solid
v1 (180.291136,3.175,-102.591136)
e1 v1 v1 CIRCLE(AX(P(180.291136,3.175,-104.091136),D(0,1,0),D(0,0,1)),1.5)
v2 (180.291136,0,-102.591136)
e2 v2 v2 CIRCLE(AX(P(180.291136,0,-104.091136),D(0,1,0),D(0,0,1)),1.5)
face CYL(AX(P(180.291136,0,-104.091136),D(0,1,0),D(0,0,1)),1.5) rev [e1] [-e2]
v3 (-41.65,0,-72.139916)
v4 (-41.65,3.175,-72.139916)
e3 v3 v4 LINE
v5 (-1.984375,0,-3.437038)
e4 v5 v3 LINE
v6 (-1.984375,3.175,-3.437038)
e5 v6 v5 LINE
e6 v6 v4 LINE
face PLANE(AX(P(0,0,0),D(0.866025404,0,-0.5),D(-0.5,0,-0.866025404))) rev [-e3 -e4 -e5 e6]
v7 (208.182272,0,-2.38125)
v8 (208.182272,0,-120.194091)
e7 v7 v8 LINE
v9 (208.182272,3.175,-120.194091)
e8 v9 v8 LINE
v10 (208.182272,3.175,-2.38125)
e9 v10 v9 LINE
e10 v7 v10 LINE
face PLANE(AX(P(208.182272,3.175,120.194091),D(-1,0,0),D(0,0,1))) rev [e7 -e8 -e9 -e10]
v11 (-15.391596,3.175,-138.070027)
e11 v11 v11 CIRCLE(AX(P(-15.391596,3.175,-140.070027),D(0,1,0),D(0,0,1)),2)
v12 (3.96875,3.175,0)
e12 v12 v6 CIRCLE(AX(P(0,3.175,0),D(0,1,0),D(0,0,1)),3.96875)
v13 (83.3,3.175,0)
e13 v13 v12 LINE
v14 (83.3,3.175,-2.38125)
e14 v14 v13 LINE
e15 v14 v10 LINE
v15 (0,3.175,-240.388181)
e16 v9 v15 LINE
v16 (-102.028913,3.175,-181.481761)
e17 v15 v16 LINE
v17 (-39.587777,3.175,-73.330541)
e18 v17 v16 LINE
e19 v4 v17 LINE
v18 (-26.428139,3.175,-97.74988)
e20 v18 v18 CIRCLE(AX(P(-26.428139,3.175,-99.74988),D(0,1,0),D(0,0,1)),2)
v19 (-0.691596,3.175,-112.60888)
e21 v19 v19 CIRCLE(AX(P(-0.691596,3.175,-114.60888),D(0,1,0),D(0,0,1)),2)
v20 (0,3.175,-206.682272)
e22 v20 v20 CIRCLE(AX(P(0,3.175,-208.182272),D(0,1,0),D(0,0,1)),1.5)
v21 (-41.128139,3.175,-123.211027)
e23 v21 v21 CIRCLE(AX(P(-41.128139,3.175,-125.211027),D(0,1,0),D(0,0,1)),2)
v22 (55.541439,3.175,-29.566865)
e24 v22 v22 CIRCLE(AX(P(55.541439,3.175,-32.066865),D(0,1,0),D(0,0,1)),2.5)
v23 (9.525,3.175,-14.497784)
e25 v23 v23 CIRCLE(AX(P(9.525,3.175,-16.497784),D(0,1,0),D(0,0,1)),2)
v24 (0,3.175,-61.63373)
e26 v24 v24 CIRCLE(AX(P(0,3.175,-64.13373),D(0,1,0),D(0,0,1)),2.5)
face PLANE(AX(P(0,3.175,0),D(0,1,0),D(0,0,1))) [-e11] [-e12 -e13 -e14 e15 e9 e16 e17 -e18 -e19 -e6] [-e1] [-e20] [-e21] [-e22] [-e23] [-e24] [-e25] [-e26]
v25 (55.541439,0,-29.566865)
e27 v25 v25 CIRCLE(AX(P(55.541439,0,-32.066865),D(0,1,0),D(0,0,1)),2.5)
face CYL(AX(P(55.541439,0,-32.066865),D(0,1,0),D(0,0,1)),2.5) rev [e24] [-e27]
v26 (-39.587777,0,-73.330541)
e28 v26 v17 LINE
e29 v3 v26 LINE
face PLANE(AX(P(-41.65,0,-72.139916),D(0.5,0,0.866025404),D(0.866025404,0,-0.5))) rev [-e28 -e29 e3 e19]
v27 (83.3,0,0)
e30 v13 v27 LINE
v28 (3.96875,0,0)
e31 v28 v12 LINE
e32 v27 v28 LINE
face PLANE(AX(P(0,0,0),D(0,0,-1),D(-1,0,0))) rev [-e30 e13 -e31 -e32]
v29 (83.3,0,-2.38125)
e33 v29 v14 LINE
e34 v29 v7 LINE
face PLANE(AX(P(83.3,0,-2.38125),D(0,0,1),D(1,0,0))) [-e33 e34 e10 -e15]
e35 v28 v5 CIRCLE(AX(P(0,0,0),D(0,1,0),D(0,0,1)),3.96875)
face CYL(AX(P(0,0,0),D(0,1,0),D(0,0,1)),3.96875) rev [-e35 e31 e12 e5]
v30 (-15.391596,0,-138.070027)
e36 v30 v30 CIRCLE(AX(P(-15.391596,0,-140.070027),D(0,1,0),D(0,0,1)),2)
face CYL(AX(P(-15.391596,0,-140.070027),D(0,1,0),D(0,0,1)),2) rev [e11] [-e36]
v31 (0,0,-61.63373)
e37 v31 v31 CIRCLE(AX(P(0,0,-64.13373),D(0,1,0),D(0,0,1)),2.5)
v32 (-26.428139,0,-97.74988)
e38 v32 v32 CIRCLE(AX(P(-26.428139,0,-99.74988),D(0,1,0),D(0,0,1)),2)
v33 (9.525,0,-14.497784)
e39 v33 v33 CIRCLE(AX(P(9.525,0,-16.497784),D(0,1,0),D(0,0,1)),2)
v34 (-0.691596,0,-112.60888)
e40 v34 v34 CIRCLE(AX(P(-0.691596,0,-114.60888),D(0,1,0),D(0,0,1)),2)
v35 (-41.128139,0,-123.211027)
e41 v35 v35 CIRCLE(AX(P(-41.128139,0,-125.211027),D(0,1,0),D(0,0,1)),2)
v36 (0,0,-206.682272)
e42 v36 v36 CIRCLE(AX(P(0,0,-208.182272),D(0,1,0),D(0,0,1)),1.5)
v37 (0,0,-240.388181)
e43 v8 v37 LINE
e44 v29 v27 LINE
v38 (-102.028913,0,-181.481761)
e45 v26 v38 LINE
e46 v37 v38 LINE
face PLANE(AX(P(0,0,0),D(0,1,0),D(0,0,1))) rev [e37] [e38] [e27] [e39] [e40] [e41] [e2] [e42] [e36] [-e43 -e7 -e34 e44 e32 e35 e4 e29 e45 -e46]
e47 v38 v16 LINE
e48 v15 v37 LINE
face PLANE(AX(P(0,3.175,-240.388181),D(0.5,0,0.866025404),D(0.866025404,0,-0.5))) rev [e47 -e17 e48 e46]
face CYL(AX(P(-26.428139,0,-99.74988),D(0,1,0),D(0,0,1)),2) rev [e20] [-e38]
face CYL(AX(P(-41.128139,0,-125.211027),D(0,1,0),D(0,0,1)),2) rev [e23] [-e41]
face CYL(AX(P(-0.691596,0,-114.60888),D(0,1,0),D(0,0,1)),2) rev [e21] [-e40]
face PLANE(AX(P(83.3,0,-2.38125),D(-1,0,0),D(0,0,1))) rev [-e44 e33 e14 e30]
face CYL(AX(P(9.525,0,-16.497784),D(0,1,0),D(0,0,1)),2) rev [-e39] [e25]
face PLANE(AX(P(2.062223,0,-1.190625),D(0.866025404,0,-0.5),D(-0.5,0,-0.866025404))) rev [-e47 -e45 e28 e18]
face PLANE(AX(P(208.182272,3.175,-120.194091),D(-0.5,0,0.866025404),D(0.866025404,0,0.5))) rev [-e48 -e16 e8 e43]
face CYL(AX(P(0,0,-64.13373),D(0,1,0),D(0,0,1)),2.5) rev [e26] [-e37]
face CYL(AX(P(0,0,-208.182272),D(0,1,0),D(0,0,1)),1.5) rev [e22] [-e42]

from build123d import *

# Parameters (mm, degrees)
BOSS_EXTRUDE1_DEPTH = 3.175
SKETCH2_R           = 2
SKETCH2_W           = 124.882271537
SKETCH2_H           = 4.7625
CUT_EXTRUDE1_DEPTH  = 319.019522016
SKETCH3_R           = 3.96875
CUT_EXTRUDE3_DEPTH  = 319.019522016
SKETCH5_R           = 2
CUT_EXTRUDE4_DEPTH  = 3.175
SKETCH7_R           = 2.5
CUT_EXTRUDE6_DEPTH  = 319.019522016
SKETCH8_R           = 1.5
CUT_EXTRUDE7_DEPTH  = 319.019522016
CUT_EXTRUDE5_DEPTH  = 3.175


with BuildPart() as part:
    # Sketch1 → Boss-Extrude1 (new body)
    with BuildSketch(Plane(origin=(0, 0, 0), x_dir=(1, 0, 0), z_dir=(0, 1, 0))):
        Polygon((-208.182271537, -120.194090512), (0, -240.388181024), (208.182271537, -120.194090512), (208.182271537, 120.194090512), (0, 240.388181024), (-208.182271537, 120.194090512), align=None)
    extrude(amount=BOSS_EXTRUDE1_DEPTH)

    # Sketch2 → Cut-Extrude1 (cut, through all)
    with BuildSketch(Plane(origin=(0, 3.175, 0), x_dir=(1, 0, 0), z_dir=(0, 1, 0))):
        Polygon((-106.153358761, 179.100510768), (-43.712222993, 70.949291135), (-39.587777007, 73.330541135), (-102.028912776, 181.481760768), align=None)
        with Locations(Location((99.6, -56.7055, 0), (0, 0, 270))):
            Circle(SKETCH2_R)
        with Locations(Location((129, -56.7055, 0), (0, 0, 270))):
            Circle(SKETCH2_R)
        with Locations(Location((129, -26.9875, 0), (0, 0, 270))):
            Circle(SKETCH2_R)
        with Locations(Location((99.6, -26.9875, 0), (0, 0, 270))):
            Circle(SKETCH2_R)
        with Locations(Location((-98.908403534, -57.903380217, 0), (0, 0, 270))):
            Circle(SKETCH2_R)
        with Locations(Location((-87.871860585, -98.223527088, 0), (0, 0, 270))):
            Circle(SKETCH2_R)
        with Locations(Location((-113.608403534, -83.364527088, 0), (0, 0, 270))):
            Circle(SKETCH2_R)
        Polygon((-102.028912776, -181.481760768), (-39.587777007, -73.330541135), (-43.712222993, -70.949291135), (-106.153358761, -179.100510768), align=None)
        with Locations(Location((-73.171860585, -72.762380217, 0), (0, 0, 270))):
            Circle(SKETCH2_R)
        with Locations(Location((-41.128139415, 125.211027088, 0), (0, 0, 270))):
            Circle(SKETCH2_R)
        with Locations(Location((-26.428139415, 99.749880217, 0), (0, 0, 270))):
            Circle(SKETCH2_R)
        with Locations((145.741135769, 0)):
            Rectangle(SKETCH2_W, SKETCH2_H)
        with Locations(Location((-15.391596466, 140.070027088, 0), (0, 0, 270))):
            Circle(SKETCH2_R)
        with Locations(Location((-0.691596466, 114.608880217, 0), (0, 0, 270))):
            Circle(SKETCH2_R)
    extrude(amount=-CUT_EXTRUDE1_DEPTH, mode=Mode.SUBTRACT)

    # Sketch3 → Cut-Extrude3 (cut, through all)
    with BuildSketch(Plane(origin=(0, 3.175, 0), x_dir=(1, 0, 0), z_dir=(0, 1, 0))):
        with Locations(Location((0, 0, 0), (0, 0, 270))):
            Circle(SKETCH3_R)
    extrude(amount=-CUT_EXTRUDE3_DEPTH, mode=Mode.SUBTRACT)

    # Sketch5 → Cut-Extrude4 (cut)
    with BuildSketch(Plane(origin=(0, 3.175, 0), x_dir=(1, 0, 0), z_dir=(0, 1, 0))):
        with Locations(Location((9.525, 16.497783942, 0), (0, 0, 270))):
            Circle(SKETCH5_R)
        with Locations(Location((9.525, -16.497783942, 0), (0, 0, 270))):
            Circle(SKETCH5_R)
        with Locations(Location((-19.05, 0, 0), (0, 0, 270))):
            Circle(SKETCH5_R)
    extrude(amount=-CUT_EXTRUDE4_DEPTH, mode=Mode.SUBTRACT)

    # Sketch7 → Cut-Extrude6 (cut, through all)
    with BuildSketch(Plane(origin=(0, 3.175, 0), x_dir=(1, 0, 0), z_dir=(0, 1, 0))):
        with Locations(Location((0, 64.13373, 0), (0, 0, 270))):
            Circle(SKETCH7_R)
        with Locations(Location((55.541439419, 32.066865, 0), (0, 0, 270))):
            Circle(SKETCH7_R)
        with Locations(Location((55.541439419, -32.066865, 0), (0, 0, 270))):
            Circle(SKETCH7_R)
        with Locations(Location((0, -64.13373, 0), (0, 0, 270))):
            Circle(SKETCH7_R)
        with Locations(Location((-55.541439419, -32.066865, 0), (0, 0, 270))):
            Circle(SKETCH7_R)
        with Locations(Location((-55.541439419, 32.066865, 0), (0, 0, 270))):
            Circle(SKETCH7_R)
    extrude(amount=-CUT_EXTRUDE6_DEPTH, mode=Mode.SUBTRACT)

    # Sketch8 → Cut-Extrude7 (cut, through all)
    with BuildSketch(Plane(origin=(0, 3.175, 0), x_dir=(1, 0, 0), z_dir=(0, 1, 0))):
        with BuildLine():
            ThreePointArc((181.791135768, 104.091135768), (181.740024508, 104.479364336), (181.590173874, 104.841135768))
            Line((181.590173874, 104.841135768), (180.291135768, 104.091135768))
            Line((180.291135768, 104.091135768), (181.041135768, 102.792097663))
            ThreePointArc((181.041135768, 102.792097663), (181.590173874, 103.341135768), (181.791135768, 104.091135768))
        make_face()
        with BuildLine():
            Line((180.291135768, 104.091135768), (181.590173874, 104.841135768))
            ThreePointArc((181.590173874, 104.841135768), (180.679364336, 105.540024508), (179.541135768, 105.390173874))
            Line((179.541135768, 105.390173874), (180.291135768, 104.091135768))
        make_face()
        with BuildLine():
            ThreePointArc((178.992097663, 103.341135768), (179.902907201, 102.642247029), (181.041135768, 102.792097663))
            Line((181.041135768, 102.792097663), (180.291135768, 104.091135768))
            Line((180.291135768, 104.091135768), (178.992097663, 103.341135768))
        make_face()
        with BuildLine():
            Line((180.291135768, 104.091135768), (179.541135768, 105.390173874))
            ThreePointArc((179.541135768, 105.390173874), (178.842247029, 104.479364336), (178.992097663, 103.341135768))
            Line((178.992097663, 103.341135768), (180.291135768, 104.091135768))
        make_face()
        with Locations(Location((0, -208.182271537, 0), (0, 0, 270))):
            Circle(SKETCH8_R)
        with Locations(Location((180.291135768, -104.091135768, 0), (0, 0, 270))):
            Circle(SKETCH8_R)
        with Locations(Location((0, 208.182271537, 0), (0, 0, 270))):
            Circle(SKETCH8_R)
        with Locations(Location((-180.291135768, -104.091135768, 0), (0, 0, 270))):
            Circle(SKETCH8_R)
        with Locations(Location((-180.291135768, 104.091135768, 0), (0, 0, 270))):
            Circle(SKETCH8_R)
    extrude(amount=-CUT_EXTRUDE7_DEPTH, mode=Mode.SUBTRACT)

    # Sketch6 → Cut-Extrude5 (cut)
    with BuildSketch(Plane(origin=(0, 3.175, 0), x_dir=(1, 0, 0), z_dir=(0, 1, 0))):
        with BuildLine():
            Line((0, 0), (-127, 219.970452561))
            ThreePointArc((-127, 219.970452561), (-127, -219.970452561), (254, 0))
            Line((254, 0), (0, 0))
        make_face()
    extrude(amount=-CUT_EXTRUDE5_DEPTH, mode=Mode.SUBTRACT)


solid = part.part
